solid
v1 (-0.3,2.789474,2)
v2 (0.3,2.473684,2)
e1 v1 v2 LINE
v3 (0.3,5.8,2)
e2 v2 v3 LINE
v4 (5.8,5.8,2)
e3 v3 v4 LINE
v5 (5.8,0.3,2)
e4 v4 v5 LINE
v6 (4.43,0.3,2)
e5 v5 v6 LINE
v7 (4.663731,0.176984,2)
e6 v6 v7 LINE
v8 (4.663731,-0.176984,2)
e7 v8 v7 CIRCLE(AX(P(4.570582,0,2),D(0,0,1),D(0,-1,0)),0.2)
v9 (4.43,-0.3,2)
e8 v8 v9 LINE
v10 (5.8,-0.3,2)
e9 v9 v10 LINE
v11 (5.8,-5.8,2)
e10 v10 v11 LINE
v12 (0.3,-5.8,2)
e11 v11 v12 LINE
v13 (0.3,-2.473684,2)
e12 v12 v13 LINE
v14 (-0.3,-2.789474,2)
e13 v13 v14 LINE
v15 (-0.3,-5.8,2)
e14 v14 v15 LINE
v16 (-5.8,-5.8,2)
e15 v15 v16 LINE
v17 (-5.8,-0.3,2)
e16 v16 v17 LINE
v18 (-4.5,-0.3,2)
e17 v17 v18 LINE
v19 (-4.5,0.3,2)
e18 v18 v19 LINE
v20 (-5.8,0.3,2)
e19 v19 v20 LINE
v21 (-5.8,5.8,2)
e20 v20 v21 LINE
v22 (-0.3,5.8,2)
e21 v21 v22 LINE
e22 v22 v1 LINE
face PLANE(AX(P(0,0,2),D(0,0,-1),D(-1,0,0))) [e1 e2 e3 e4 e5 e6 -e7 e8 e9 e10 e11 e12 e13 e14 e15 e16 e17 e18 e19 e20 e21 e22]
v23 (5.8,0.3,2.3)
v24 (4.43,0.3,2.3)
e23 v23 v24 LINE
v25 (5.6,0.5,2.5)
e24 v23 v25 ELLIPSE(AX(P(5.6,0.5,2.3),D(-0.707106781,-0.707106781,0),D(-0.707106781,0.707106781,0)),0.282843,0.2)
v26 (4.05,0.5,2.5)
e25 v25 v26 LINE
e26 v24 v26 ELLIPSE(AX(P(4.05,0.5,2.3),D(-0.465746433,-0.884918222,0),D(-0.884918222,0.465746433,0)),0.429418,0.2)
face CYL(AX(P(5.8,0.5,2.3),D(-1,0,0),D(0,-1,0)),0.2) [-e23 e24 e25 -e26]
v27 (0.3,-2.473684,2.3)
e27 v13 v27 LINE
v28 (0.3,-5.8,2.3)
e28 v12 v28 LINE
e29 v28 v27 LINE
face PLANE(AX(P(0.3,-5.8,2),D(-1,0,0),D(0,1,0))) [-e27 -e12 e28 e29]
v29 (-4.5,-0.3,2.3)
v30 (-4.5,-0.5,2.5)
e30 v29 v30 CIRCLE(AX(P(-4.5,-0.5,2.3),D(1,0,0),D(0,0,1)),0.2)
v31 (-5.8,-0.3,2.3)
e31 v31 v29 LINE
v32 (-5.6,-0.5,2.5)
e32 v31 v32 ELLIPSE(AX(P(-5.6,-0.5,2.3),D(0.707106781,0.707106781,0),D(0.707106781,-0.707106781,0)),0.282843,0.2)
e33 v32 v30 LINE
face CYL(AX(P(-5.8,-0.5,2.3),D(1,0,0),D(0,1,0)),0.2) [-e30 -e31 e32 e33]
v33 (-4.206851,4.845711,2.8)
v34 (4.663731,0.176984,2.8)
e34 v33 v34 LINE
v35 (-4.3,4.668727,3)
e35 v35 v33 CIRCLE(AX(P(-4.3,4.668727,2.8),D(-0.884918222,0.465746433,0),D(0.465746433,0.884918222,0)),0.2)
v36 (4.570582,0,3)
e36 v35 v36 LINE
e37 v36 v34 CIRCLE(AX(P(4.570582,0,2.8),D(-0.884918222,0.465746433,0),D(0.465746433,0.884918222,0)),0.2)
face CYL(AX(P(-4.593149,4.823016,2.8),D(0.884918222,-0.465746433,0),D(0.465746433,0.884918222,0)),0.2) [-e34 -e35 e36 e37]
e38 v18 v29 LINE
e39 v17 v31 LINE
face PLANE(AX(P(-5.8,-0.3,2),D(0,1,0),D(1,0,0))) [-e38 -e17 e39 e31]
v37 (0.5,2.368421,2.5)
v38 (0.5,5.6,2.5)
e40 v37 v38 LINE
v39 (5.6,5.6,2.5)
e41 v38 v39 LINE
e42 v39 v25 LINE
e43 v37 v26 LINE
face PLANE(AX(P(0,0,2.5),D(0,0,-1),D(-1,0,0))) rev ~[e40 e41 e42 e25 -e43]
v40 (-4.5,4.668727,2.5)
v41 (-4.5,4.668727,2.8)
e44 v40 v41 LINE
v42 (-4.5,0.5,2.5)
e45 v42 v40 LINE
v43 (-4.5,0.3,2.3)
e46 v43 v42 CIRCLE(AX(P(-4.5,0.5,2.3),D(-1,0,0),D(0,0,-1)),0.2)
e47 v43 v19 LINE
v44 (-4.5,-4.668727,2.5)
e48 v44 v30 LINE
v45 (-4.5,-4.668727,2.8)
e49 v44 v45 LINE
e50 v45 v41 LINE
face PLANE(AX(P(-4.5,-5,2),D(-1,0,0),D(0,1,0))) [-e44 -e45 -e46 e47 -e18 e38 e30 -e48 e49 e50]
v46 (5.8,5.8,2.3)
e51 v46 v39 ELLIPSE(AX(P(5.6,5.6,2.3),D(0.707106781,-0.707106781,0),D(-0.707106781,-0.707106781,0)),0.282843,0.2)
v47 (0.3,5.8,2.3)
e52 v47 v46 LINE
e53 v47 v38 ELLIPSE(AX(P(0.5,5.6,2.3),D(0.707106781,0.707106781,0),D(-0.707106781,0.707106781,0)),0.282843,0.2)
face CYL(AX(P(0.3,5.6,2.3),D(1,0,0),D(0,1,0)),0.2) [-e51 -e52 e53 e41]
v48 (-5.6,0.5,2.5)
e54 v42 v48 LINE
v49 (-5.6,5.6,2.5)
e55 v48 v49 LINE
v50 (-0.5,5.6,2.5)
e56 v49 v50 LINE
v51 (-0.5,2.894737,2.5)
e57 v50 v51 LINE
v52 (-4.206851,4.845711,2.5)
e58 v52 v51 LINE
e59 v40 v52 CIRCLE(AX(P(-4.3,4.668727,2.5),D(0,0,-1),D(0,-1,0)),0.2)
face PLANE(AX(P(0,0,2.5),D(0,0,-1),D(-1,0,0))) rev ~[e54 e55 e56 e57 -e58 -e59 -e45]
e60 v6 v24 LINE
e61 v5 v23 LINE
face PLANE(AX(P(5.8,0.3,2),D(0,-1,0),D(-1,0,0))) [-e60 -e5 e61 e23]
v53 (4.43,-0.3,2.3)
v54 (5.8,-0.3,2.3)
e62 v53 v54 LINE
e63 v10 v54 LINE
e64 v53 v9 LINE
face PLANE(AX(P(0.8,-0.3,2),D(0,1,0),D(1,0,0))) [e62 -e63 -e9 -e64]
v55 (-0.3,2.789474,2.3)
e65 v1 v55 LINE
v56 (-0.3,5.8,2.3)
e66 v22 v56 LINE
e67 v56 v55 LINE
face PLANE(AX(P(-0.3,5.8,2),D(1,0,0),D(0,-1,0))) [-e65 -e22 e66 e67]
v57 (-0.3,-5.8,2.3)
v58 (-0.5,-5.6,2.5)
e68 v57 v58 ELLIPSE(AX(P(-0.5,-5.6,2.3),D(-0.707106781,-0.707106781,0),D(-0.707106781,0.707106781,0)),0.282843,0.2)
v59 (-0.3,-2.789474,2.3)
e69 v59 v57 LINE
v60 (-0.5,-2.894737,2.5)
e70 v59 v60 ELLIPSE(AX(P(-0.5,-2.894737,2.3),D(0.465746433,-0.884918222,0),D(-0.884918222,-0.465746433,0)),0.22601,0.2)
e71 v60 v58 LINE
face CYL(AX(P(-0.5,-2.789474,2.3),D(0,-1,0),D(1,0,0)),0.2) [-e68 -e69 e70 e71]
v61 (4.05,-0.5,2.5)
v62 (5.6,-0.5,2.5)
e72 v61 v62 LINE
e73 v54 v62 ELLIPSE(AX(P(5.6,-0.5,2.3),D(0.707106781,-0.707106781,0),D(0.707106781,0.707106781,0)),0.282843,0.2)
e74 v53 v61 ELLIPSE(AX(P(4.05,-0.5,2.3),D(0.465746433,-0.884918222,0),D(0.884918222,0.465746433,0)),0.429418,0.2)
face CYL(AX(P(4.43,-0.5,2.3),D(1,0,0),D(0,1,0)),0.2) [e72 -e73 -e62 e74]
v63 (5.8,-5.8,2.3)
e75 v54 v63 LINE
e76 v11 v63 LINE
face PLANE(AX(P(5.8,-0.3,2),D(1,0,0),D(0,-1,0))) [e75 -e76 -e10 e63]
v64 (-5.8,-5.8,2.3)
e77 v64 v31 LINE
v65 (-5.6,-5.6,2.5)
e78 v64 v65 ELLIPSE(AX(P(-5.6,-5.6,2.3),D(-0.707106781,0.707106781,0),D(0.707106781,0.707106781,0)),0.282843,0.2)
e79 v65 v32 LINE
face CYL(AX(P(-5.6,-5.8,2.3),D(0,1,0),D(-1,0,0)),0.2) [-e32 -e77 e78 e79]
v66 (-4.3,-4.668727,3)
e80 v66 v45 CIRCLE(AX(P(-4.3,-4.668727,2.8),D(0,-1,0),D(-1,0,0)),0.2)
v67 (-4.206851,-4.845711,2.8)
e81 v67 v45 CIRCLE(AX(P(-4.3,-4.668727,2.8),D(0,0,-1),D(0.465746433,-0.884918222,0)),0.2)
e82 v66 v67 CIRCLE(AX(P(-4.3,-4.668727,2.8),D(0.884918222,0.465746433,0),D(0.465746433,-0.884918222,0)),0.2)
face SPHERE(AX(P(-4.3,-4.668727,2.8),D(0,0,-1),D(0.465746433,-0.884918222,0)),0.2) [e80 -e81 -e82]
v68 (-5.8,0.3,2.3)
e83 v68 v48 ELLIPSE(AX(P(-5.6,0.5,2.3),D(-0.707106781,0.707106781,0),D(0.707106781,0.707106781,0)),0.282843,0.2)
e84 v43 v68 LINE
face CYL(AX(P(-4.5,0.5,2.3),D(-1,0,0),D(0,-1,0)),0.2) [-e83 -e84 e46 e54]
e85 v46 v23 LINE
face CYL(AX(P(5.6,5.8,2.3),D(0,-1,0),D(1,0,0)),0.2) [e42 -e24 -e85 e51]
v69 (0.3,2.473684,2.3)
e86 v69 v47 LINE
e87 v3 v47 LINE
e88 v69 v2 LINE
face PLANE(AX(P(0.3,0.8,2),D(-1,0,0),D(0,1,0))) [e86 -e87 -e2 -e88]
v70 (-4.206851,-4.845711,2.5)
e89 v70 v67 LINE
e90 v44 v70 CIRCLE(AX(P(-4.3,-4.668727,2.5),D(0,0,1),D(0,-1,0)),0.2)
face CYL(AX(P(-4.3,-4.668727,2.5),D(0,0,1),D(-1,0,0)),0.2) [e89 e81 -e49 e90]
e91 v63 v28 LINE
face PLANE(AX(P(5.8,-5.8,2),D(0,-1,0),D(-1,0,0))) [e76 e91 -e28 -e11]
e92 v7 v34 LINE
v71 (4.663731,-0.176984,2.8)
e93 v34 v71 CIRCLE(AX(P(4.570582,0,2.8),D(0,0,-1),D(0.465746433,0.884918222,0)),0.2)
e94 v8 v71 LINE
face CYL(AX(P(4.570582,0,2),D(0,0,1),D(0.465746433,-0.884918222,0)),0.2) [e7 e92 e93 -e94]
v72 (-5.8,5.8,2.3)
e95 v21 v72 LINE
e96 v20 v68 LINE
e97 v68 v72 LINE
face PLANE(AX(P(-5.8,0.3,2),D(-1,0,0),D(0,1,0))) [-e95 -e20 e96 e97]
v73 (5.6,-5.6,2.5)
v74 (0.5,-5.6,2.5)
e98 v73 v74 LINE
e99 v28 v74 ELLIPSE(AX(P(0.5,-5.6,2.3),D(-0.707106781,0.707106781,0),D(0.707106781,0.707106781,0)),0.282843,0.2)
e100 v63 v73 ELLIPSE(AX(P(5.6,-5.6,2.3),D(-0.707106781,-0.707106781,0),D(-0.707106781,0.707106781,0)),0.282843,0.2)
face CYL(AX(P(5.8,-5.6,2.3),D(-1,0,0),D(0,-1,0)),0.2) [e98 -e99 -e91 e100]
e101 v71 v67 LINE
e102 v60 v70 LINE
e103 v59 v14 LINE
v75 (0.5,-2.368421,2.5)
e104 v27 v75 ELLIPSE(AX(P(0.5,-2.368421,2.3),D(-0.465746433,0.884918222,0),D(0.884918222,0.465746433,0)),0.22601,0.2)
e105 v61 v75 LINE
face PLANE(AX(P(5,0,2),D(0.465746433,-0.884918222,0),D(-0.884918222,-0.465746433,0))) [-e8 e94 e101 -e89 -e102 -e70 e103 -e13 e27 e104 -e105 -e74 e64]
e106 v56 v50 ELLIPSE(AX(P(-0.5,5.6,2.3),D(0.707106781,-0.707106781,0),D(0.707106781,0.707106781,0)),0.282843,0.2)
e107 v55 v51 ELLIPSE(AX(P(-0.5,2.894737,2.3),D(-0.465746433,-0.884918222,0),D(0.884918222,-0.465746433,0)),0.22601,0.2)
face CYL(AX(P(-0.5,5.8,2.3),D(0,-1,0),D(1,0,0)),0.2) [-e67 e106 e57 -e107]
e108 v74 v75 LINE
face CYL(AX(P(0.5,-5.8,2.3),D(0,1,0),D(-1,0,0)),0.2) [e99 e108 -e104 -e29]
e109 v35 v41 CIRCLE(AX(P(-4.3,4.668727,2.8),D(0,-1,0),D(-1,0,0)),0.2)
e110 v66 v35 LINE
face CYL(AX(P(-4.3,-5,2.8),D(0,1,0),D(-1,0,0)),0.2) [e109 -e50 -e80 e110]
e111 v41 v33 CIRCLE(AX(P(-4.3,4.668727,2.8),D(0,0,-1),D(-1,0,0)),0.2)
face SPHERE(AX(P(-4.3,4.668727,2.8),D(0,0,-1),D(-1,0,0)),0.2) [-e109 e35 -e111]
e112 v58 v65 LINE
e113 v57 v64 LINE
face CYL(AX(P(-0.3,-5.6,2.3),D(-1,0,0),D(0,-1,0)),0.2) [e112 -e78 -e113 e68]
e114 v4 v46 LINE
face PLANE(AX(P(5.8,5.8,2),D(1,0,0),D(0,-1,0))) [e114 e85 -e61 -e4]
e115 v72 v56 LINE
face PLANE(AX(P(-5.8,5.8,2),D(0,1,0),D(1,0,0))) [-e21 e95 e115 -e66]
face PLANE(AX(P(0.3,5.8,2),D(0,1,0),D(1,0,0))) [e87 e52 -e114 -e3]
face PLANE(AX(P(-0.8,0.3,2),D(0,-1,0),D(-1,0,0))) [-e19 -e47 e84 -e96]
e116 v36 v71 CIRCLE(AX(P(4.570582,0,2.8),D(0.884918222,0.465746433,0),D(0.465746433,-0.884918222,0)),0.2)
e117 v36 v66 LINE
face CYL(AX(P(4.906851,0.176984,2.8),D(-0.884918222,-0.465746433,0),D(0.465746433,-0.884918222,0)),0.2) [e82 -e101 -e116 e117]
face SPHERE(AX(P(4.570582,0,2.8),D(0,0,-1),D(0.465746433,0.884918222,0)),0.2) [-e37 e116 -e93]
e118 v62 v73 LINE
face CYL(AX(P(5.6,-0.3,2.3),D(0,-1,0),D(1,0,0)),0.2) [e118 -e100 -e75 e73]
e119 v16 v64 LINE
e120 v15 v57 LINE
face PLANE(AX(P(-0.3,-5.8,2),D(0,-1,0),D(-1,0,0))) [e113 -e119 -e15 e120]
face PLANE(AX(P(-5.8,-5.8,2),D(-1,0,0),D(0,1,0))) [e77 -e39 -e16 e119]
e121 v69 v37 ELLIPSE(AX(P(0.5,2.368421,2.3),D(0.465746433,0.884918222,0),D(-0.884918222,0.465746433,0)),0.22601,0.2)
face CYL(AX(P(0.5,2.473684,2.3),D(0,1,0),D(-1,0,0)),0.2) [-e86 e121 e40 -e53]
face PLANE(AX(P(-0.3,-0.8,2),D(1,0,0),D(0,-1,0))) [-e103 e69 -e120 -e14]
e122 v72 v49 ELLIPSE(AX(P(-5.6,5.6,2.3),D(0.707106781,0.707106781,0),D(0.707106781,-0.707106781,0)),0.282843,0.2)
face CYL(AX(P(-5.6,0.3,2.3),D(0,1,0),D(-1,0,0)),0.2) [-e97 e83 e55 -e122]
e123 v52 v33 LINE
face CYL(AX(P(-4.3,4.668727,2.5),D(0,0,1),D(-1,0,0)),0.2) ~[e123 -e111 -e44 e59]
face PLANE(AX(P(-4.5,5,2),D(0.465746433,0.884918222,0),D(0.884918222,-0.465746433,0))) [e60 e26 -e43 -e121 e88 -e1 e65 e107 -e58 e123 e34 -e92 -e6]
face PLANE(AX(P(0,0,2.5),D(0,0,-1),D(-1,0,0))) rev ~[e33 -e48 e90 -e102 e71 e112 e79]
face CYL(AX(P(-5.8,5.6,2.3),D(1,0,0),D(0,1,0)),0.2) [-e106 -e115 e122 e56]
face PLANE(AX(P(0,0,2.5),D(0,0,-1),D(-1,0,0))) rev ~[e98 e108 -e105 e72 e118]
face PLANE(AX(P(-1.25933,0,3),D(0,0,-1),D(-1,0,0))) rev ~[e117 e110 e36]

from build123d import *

# Parameters (mm, degrees)
PAD001_DEPTH = 1
PAD002_DEPTH = 0.5
FILLET003_R  = 0.2


with BuildPart() as pfeil_rechts:
    # Sketch008 → Pad001 (new body)
    with BuildSketch(Plane.XY):
        Polygon((-4.5, 5), (5, 0), (-4.5, -5), align=None)
    extrude(amount=PAD001_DEPTH)


with BuildPart() as pfeil_rechts_1:
    # Body003 placement: moved
    add(pfeil_rechts.part.moved(Location((0, 0, 2))))


with BuildPart() as bild_windows:
    # Sketch009 → Pad002 (new body)
    with BuildSketch(Plane.XY.offset(2)):
        Polygon((-5.8, 5.8), (-0.3, 5.8), (-0.3, 0.8), (0.3, 0.8), (0.3, 5.8), (5.8, 5.8), (5.8, 0.3), (0.8, 0.3), (0.8, -0.3), (5.8, -0.3), (5.8, -5.8), (0.3, -5.8), (0.3, -0.8), (-0.3, -0.8), (-0.3, -5.8), (-5.8, -5.8), (-5.8, -0.3), (-0.8, -0.3), (-0.8, 0.3), (-5.8, 0.3), align=None)
    extrude(amount=PAD002_DEPTH)

    # Fusion: union Pfeil rechts
    add(pfeil_rechts_1.part)

    # Fillet003
    fillet003_edges = [bild_windows.edges().sort_by_distance(p)[0] for p in [
        (-3.05, 5.8, 2.5),
        (-5.8, 3.05, 2.5),
        (-0.3, 4.294737, 2.5),
        (-5.15, 0.3, 2.5),
        (5, 0, 2.5),
        (0.25, 2.5, 3),
        (-4.5, 5, 2.75),
        (-4.5, 0, 3),
        (-4.5, -5, 2.75),
        (0.3, 4.136842, 2.5),
        (5.115, 0.3, 2.5),
        (5.8, 3.05, 2.5),
        (3.05, 5.8, 2.5),
        (0.25, -2.5, 3),
        (-5.15, -0.3, 2.5),
        (-5.8, -3.05, 2.5),
        (-3.05, -5.8, 2.5),
        (-0.3, -4.294737, 2.5),
        (5.115, -0.3, 2.5),
        (0.3, -4.136842, 2.5),
        (3.05, -5.8, 2.5),
        (5.8, -3.05, 2.5),
    ]]
    fillet(fillet003_edges, radius=FILLET003_R)


solid = bild_windows.part
